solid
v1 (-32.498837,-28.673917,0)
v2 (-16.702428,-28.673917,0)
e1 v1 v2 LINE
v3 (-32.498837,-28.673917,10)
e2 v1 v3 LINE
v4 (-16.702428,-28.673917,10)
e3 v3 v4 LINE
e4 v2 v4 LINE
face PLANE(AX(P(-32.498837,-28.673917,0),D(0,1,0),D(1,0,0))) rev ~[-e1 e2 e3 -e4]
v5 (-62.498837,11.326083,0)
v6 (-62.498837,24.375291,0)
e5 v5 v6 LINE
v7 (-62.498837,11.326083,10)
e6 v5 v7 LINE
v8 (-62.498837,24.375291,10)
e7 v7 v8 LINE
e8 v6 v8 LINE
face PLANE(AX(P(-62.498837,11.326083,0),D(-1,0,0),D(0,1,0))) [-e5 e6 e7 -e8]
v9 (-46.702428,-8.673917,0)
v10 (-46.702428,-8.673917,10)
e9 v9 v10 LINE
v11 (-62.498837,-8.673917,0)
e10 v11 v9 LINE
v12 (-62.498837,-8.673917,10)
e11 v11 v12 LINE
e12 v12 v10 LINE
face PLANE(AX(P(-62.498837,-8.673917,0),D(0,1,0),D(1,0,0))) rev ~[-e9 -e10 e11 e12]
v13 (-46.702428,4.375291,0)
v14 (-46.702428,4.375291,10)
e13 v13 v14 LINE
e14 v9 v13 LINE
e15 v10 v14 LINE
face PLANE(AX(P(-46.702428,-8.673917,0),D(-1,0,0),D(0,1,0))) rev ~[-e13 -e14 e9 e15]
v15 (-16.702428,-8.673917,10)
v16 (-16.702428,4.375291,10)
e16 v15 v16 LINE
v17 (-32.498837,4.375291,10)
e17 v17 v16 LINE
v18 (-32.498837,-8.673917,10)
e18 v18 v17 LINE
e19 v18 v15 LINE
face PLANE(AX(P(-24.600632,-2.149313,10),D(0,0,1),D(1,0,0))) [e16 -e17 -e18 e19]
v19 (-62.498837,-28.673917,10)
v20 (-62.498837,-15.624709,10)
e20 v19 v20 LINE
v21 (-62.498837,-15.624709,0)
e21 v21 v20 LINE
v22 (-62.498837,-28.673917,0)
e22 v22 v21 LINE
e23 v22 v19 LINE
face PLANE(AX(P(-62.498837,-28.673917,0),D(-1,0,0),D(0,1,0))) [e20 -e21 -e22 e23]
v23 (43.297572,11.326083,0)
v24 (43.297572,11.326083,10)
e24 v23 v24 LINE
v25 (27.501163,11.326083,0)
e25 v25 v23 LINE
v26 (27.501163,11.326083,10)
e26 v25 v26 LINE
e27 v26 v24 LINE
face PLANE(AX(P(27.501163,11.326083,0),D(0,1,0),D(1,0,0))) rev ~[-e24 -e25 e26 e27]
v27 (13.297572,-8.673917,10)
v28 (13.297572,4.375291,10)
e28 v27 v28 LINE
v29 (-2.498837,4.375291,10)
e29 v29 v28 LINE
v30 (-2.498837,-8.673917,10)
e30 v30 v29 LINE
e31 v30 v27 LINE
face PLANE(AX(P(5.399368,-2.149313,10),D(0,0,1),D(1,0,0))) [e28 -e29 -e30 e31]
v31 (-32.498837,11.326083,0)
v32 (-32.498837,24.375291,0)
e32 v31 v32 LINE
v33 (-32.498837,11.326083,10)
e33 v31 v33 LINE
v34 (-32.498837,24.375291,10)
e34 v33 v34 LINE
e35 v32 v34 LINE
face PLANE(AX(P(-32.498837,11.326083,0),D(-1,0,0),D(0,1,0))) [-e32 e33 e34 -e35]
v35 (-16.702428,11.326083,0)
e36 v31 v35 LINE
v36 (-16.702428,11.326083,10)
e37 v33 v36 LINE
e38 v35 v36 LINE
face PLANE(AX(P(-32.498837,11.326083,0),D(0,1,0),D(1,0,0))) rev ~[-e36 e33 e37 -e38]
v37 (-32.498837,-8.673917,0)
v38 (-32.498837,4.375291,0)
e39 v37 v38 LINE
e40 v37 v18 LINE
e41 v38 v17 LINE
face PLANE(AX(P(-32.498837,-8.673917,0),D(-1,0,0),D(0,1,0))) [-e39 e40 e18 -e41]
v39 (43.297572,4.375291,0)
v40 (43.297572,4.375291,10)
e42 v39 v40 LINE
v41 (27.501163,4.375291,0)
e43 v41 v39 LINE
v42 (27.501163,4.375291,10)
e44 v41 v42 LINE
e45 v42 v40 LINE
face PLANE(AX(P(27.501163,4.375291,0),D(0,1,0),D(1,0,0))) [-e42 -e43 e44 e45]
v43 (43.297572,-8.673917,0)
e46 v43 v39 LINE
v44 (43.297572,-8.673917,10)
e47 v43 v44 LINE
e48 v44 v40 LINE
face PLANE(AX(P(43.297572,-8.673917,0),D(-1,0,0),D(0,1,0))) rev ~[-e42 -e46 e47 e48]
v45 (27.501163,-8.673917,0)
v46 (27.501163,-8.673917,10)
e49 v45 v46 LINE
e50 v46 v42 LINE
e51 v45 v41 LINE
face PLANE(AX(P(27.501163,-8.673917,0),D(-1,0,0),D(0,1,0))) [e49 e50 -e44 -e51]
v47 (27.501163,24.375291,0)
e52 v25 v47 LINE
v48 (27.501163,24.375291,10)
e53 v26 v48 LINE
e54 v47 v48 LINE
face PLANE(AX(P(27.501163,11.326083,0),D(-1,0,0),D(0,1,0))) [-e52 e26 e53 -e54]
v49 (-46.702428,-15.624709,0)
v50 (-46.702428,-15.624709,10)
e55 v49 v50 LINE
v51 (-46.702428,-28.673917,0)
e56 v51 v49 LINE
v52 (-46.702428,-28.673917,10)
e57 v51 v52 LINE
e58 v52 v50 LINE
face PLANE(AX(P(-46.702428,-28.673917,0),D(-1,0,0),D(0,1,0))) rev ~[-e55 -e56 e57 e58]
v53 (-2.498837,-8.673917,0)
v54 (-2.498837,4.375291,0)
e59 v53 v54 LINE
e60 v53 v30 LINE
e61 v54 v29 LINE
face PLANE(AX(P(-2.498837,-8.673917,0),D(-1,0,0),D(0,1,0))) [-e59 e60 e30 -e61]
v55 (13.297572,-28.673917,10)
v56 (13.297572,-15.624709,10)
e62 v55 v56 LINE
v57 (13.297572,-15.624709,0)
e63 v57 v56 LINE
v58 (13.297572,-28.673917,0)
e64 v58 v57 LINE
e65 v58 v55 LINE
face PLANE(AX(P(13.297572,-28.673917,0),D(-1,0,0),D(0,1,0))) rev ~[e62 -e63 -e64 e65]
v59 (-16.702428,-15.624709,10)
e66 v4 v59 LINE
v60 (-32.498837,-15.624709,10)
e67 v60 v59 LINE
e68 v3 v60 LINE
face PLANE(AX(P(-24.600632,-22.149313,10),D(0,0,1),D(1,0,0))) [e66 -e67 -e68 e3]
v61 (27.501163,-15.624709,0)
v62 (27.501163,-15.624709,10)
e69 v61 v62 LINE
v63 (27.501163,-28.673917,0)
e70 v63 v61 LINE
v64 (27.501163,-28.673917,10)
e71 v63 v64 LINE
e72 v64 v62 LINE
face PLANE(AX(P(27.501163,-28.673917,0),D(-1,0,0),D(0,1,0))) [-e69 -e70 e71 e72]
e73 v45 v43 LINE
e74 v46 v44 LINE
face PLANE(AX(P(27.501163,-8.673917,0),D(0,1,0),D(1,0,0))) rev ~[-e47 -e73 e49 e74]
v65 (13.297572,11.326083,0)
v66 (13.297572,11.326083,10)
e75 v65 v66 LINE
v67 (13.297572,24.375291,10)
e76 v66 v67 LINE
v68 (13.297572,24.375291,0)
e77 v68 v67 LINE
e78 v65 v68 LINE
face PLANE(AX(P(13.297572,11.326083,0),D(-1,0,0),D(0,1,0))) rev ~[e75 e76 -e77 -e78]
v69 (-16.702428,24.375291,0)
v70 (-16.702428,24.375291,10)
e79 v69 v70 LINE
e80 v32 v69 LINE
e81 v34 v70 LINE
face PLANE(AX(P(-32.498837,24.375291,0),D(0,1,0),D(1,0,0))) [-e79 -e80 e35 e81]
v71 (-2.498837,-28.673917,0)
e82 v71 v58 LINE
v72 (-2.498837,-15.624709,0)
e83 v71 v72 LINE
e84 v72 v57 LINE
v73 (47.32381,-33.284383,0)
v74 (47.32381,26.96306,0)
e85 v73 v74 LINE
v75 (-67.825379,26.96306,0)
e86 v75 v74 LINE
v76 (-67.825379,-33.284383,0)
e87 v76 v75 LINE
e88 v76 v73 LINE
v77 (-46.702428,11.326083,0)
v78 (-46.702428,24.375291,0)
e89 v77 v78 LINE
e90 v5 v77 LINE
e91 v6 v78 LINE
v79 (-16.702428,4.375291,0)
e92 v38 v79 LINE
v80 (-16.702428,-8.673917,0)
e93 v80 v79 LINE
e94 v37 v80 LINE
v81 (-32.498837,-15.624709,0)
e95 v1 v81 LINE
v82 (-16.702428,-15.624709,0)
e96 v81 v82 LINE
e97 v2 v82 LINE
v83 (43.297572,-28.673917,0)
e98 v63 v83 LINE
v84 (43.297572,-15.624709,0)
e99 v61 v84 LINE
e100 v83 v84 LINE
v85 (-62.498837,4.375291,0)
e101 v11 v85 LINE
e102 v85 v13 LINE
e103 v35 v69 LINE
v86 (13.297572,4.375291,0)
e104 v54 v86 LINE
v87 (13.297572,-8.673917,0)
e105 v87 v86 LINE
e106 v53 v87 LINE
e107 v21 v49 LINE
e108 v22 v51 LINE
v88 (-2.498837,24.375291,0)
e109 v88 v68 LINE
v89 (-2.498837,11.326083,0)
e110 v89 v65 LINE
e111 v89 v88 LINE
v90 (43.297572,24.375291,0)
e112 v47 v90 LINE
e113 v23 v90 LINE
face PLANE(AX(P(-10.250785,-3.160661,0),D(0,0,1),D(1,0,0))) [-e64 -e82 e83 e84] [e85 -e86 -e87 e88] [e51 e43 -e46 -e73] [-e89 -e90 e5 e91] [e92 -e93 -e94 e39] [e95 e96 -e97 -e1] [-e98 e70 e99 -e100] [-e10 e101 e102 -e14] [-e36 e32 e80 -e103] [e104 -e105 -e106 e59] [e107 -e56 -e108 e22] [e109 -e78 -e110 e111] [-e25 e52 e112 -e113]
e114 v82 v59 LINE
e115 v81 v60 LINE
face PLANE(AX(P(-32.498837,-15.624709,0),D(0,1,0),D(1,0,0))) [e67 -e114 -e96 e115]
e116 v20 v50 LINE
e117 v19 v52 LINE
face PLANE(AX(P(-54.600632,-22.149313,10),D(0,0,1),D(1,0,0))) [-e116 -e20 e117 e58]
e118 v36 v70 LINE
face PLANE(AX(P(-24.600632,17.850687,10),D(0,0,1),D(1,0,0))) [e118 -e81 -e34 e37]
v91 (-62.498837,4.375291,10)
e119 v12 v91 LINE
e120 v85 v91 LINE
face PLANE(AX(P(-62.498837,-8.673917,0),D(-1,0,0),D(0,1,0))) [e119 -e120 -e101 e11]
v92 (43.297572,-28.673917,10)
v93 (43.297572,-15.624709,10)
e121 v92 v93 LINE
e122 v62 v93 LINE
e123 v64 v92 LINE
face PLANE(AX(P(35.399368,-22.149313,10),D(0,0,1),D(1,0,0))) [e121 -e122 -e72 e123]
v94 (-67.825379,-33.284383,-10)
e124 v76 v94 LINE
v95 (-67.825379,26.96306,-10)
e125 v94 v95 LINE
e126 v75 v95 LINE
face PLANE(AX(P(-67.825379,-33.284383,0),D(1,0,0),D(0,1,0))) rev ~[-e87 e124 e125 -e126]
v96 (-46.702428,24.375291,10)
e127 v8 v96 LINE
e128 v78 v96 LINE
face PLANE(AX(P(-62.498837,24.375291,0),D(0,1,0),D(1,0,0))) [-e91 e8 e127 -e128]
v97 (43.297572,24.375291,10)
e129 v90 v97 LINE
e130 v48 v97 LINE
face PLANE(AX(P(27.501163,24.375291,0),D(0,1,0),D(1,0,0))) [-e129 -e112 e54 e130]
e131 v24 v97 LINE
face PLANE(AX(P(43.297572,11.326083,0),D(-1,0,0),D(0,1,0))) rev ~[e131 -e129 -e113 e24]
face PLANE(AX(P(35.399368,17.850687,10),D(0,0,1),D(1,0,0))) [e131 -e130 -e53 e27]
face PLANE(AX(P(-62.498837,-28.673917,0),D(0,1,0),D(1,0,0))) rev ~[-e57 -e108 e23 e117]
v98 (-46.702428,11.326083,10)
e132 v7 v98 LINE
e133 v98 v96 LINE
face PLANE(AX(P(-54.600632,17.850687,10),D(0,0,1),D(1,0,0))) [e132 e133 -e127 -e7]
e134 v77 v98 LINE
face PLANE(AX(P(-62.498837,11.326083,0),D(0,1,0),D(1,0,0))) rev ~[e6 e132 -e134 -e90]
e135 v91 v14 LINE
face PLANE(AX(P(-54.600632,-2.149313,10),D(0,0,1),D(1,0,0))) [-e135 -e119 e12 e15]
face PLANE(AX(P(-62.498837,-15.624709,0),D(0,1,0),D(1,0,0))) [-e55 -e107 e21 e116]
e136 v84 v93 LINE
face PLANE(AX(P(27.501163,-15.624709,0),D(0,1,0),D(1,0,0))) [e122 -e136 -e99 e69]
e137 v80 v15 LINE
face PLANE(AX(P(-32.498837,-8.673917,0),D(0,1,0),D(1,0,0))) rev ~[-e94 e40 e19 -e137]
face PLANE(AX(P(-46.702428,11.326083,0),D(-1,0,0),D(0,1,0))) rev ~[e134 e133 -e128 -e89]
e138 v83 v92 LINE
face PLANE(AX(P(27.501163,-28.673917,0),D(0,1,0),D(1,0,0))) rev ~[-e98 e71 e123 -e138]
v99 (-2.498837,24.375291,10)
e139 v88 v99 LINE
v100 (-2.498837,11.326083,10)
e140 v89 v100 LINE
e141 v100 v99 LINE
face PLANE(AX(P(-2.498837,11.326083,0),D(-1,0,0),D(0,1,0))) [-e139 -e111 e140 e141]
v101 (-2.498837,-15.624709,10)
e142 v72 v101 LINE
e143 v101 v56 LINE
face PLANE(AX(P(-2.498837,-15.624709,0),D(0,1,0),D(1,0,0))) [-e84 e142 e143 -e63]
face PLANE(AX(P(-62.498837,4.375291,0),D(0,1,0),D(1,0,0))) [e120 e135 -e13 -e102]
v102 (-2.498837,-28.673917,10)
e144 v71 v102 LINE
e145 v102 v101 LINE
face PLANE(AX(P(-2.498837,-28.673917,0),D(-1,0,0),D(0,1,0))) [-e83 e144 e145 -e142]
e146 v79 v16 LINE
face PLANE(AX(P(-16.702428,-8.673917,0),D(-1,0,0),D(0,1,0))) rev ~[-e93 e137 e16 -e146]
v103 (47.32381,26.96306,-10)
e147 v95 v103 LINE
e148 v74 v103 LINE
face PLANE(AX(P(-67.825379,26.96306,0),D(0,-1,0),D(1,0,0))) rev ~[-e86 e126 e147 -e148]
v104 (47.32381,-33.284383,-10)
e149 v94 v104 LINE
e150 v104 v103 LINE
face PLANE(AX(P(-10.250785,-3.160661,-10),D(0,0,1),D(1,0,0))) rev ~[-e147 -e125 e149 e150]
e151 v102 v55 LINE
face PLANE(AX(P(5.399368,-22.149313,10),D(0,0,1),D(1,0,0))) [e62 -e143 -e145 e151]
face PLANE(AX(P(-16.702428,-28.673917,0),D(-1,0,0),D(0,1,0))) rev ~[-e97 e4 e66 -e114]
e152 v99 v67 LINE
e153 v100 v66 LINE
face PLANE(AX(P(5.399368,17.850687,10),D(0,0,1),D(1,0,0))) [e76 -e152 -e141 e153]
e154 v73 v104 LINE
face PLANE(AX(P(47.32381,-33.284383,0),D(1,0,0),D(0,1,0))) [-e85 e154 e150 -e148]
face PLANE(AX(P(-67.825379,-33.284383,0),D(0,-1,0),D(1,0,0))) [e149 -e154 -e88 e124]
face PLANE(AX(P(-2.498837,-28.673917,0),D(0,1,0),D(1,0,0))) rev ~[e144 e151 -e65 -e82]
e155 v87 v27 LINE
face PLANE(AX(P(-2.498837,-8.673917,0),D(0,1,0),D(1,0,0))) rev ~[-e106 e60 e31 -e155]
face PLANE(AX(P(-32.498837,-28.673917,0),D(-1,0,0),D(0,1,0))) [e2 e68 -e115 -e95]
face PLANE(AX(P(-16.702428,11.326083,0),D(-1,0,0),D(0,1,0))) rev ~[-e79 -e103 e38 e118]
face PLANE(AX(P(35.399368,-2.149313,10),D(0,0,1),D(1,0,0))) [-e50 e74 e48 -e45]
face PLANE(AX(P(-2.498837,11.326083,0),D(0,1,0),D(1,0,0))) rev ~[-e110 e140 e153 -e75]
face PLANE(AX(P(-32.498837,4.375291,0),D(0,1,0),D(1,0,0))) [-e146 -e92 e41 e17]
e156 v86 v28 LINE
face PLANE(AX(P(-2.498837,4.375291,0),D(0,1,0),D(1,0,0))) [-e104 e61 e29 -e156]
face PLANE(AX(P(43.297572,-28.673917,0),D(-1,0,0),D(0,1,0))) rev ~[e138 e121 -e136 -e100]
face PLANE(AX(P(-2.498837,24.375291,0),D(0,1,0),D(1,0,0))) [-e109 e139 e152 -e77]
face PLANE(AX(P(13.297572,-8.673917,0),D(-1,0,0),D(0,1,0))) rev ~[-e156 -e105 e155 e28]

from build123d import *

# Parameters (mm, degrees)
SKETCH1_W              = 15.796409329
SKETCH1_H              = 13.049207706
BOSS_EXTRUDE2_DEPTH    = 10
BOSS_EXTRUDE2_2_DEPTH  = 10
BOSS_EXTRUDE2_3_DEPTH  = 10
BOSS_EXTRUDE2_4_DEPTH  = 10
BOSS_EXTRUDE2_5_DEPTH  = 10
BOSS_EXTRUDE2_6_DEPTH  = 10
BOSS_EXTRUDE2_7_DEPTH  = 10
BOSS_EXTRUDE2_8_DEPTH  = 10
BOSS_EXTRUDE2_9_DEPTH  = 10
BOSS_EXTRUDE2_10_DEPTH = 10
BOSS_EXTRUDE2_11_DEPTH = 10
BOSS_EXTRUDE2_12_DEPTH = 10
SKETCH2_W              = 115.149189571
SKETCH2_H              = 60.247442975
BOSS_EXTRUDE3_DEPTH    = 10


with BuildPart() as part:
    # Sketch1 → Boss-Extrude2 (new body)
    with BuildSketch(Plane.XY):
        with Locations((-24.600632245, -22.14931308)):
            Rectangle(SKETCH1_W, SKETCH1_H)
    extrude(amount=BOSS_EXTRUDE2_DEPTH)



with BuildPart() as body_2:
    # Sketch1 → Boss-Extrude2 2 (new body)
    with BuildSketch(Plane.XY):
        with Locations((-54.600632245, -22.14931308)):
            Rectangle(SKETCH1_W, SKETCH1_H)
    extrude(amount=BOSS_EXTRUDE2_2_DEPTH)


with BuildPart() as body_3:
    # Sketch1 → Boss-Extrude2 3 (new body)
    with BuildSketch(Plane.XY):
        with Locations((5.399367756, -22.14931308)):
            Rectangle(SKETCH1_W, SKETCH1_H)
    extrude(amount=BOSS_EXTRUDE2_3_DEPTH)


with BuildPart() as body_4:
    # Sketch1 → Boss-Extrude2 4 (new body)
    with BuildSketch(Plane.XY):
        with Locations((35.399367756, -22.14931308)):
            Rectangle(SKETCH1_W, SKETCH1_H)
    extrude(amount=BOSS_EXTRUDE2_4_DEPTH)


with BuildPart() as body_5:
    # Sketch1 → Boss-Extrude2 5 (new body)
    with BuildSketch(Plane.XY):
        with Locations((-24.600632245, -2.14931308)):
            Rectangle(SKETCH1_W, SKETCH1_H)
    extrude(amount=BOSS_EXTRUDE2_5_DEPTH)


with BuildPart() as body_6:
    # Sketch1 → Boss-Extrude2 6 (new body)
    with BuildSketch(Plane.XY):
        with Locations((5.399367756, -2.14931308)):
            Rectangle(SKETCH1_W, SKETCH1_H)
    extrude(amount=BOSS_EXTRUDE2_6_DEPTH)


with BuildPart() as body_7:
    # Sketch1 → Boss-Extrude2 7 (new body)
    with BuildSketch(Plane.XY):
        with Locations((35.399367756, -2.14931308)):
            Rectangle(SKETCH1_W, SKETCH1_H)
    extrude(amount=BOSS_EXTRUDE2_7_DEPTH)


with BuildPart() as body_8:
    # Sketch1 → Boss-Extrude2 8 (new body)
    with BuildSketch(Plane.XY):
        with Locations((-24.600632245, 17.85068692)):
            Rectangle(SKETCH1_W, SKETCH1_H)
    extrude(amount=BOSS_EXTRUDE2_8_DEPTH)


with BuildPart() as body_9:
    # Sketch1 → Boss-Extrude2 9 (new body)
    with BuildSketch(Plane.XY):
        with Locations((5.399367756, 17.85068692)):
            Rectangle(SKETCH1_W, SKETCH1_H)
    extrude(amount=BOSS_EXTRUDE2_9_DEPTH)


with BuildPart() as body_10:
    # Sketch1 → Boss-Extrude2 10 (new body)
    with BuildSketch(Plane.XY):
        with Locations((35.399367756, 17.85068692)):
            Rectangle(SKETCH1_W, SKETCH1_H)
    extrude(amount=BOSS_EXTRUDE2_10_DEPTH)


with BuildPart() as body_11:
    # Sketch1 → Boss-Extrude2 11 (new body)
    with BuildSketch(Plane.XY):
        with Locations((-54.600632245, -2.14931308)):
            Rectangle(SKETCH1_W, SKETCH1_H)
    extrude(amount=BOSS_EXTRUDE2_11_DEPTH)


with BuildPart() as body_12:
    # Sketch1 → Boss-Extrude2 12 (new body)
    with BuildSketch(Plane.XY):
        with Locations((-54.600632245, 17.85068692)):
            Rectangle(SKETCH1_W, SKETCH1_H)
    extrude(amount=BOSS_EXTRUDE2_12_DEPTH)


with BuildPart() as part_1:
    add(part.part)

    add(body_2.part)  # Boss-Extrude3 merges body 2

    add(body_3.part)  # Boss-Extrude3 merges body 3

    add(body_4.part)  # Boss-Extrude3 merges body 4

    add(body_5.part)  # Boss-Extrude3 merges body 5

    add(body_6.part)  # Boss-Extrude3 merges body 6

    add(body_7.part)  # Boss-Extrude3 merges body 7

    add(body_8.part)  # Boss-Extrude3 merges body 8

    add(body_9.part)  # Boss-Extrude3 merges body 9

    add(body_10.part)  # Boss-Extrude3 merges body 10

    add(body_11.part)  # Boss-Extrude3 merges body 11

    add(body_12.part)  # Boss-Extrude3 merges body 12
    # Sketch2 → Boss-Extrude3 (add)
    with BuildSketch(Plane.XY):
        with Locations((-10.250784507, -3.160661043)):
            Rectangle(SKETCH2_W, SKETCH2_H)
    extrude(amount=-BOSS_EXTRUDE3_DEPTH)


solid = part_1.part
